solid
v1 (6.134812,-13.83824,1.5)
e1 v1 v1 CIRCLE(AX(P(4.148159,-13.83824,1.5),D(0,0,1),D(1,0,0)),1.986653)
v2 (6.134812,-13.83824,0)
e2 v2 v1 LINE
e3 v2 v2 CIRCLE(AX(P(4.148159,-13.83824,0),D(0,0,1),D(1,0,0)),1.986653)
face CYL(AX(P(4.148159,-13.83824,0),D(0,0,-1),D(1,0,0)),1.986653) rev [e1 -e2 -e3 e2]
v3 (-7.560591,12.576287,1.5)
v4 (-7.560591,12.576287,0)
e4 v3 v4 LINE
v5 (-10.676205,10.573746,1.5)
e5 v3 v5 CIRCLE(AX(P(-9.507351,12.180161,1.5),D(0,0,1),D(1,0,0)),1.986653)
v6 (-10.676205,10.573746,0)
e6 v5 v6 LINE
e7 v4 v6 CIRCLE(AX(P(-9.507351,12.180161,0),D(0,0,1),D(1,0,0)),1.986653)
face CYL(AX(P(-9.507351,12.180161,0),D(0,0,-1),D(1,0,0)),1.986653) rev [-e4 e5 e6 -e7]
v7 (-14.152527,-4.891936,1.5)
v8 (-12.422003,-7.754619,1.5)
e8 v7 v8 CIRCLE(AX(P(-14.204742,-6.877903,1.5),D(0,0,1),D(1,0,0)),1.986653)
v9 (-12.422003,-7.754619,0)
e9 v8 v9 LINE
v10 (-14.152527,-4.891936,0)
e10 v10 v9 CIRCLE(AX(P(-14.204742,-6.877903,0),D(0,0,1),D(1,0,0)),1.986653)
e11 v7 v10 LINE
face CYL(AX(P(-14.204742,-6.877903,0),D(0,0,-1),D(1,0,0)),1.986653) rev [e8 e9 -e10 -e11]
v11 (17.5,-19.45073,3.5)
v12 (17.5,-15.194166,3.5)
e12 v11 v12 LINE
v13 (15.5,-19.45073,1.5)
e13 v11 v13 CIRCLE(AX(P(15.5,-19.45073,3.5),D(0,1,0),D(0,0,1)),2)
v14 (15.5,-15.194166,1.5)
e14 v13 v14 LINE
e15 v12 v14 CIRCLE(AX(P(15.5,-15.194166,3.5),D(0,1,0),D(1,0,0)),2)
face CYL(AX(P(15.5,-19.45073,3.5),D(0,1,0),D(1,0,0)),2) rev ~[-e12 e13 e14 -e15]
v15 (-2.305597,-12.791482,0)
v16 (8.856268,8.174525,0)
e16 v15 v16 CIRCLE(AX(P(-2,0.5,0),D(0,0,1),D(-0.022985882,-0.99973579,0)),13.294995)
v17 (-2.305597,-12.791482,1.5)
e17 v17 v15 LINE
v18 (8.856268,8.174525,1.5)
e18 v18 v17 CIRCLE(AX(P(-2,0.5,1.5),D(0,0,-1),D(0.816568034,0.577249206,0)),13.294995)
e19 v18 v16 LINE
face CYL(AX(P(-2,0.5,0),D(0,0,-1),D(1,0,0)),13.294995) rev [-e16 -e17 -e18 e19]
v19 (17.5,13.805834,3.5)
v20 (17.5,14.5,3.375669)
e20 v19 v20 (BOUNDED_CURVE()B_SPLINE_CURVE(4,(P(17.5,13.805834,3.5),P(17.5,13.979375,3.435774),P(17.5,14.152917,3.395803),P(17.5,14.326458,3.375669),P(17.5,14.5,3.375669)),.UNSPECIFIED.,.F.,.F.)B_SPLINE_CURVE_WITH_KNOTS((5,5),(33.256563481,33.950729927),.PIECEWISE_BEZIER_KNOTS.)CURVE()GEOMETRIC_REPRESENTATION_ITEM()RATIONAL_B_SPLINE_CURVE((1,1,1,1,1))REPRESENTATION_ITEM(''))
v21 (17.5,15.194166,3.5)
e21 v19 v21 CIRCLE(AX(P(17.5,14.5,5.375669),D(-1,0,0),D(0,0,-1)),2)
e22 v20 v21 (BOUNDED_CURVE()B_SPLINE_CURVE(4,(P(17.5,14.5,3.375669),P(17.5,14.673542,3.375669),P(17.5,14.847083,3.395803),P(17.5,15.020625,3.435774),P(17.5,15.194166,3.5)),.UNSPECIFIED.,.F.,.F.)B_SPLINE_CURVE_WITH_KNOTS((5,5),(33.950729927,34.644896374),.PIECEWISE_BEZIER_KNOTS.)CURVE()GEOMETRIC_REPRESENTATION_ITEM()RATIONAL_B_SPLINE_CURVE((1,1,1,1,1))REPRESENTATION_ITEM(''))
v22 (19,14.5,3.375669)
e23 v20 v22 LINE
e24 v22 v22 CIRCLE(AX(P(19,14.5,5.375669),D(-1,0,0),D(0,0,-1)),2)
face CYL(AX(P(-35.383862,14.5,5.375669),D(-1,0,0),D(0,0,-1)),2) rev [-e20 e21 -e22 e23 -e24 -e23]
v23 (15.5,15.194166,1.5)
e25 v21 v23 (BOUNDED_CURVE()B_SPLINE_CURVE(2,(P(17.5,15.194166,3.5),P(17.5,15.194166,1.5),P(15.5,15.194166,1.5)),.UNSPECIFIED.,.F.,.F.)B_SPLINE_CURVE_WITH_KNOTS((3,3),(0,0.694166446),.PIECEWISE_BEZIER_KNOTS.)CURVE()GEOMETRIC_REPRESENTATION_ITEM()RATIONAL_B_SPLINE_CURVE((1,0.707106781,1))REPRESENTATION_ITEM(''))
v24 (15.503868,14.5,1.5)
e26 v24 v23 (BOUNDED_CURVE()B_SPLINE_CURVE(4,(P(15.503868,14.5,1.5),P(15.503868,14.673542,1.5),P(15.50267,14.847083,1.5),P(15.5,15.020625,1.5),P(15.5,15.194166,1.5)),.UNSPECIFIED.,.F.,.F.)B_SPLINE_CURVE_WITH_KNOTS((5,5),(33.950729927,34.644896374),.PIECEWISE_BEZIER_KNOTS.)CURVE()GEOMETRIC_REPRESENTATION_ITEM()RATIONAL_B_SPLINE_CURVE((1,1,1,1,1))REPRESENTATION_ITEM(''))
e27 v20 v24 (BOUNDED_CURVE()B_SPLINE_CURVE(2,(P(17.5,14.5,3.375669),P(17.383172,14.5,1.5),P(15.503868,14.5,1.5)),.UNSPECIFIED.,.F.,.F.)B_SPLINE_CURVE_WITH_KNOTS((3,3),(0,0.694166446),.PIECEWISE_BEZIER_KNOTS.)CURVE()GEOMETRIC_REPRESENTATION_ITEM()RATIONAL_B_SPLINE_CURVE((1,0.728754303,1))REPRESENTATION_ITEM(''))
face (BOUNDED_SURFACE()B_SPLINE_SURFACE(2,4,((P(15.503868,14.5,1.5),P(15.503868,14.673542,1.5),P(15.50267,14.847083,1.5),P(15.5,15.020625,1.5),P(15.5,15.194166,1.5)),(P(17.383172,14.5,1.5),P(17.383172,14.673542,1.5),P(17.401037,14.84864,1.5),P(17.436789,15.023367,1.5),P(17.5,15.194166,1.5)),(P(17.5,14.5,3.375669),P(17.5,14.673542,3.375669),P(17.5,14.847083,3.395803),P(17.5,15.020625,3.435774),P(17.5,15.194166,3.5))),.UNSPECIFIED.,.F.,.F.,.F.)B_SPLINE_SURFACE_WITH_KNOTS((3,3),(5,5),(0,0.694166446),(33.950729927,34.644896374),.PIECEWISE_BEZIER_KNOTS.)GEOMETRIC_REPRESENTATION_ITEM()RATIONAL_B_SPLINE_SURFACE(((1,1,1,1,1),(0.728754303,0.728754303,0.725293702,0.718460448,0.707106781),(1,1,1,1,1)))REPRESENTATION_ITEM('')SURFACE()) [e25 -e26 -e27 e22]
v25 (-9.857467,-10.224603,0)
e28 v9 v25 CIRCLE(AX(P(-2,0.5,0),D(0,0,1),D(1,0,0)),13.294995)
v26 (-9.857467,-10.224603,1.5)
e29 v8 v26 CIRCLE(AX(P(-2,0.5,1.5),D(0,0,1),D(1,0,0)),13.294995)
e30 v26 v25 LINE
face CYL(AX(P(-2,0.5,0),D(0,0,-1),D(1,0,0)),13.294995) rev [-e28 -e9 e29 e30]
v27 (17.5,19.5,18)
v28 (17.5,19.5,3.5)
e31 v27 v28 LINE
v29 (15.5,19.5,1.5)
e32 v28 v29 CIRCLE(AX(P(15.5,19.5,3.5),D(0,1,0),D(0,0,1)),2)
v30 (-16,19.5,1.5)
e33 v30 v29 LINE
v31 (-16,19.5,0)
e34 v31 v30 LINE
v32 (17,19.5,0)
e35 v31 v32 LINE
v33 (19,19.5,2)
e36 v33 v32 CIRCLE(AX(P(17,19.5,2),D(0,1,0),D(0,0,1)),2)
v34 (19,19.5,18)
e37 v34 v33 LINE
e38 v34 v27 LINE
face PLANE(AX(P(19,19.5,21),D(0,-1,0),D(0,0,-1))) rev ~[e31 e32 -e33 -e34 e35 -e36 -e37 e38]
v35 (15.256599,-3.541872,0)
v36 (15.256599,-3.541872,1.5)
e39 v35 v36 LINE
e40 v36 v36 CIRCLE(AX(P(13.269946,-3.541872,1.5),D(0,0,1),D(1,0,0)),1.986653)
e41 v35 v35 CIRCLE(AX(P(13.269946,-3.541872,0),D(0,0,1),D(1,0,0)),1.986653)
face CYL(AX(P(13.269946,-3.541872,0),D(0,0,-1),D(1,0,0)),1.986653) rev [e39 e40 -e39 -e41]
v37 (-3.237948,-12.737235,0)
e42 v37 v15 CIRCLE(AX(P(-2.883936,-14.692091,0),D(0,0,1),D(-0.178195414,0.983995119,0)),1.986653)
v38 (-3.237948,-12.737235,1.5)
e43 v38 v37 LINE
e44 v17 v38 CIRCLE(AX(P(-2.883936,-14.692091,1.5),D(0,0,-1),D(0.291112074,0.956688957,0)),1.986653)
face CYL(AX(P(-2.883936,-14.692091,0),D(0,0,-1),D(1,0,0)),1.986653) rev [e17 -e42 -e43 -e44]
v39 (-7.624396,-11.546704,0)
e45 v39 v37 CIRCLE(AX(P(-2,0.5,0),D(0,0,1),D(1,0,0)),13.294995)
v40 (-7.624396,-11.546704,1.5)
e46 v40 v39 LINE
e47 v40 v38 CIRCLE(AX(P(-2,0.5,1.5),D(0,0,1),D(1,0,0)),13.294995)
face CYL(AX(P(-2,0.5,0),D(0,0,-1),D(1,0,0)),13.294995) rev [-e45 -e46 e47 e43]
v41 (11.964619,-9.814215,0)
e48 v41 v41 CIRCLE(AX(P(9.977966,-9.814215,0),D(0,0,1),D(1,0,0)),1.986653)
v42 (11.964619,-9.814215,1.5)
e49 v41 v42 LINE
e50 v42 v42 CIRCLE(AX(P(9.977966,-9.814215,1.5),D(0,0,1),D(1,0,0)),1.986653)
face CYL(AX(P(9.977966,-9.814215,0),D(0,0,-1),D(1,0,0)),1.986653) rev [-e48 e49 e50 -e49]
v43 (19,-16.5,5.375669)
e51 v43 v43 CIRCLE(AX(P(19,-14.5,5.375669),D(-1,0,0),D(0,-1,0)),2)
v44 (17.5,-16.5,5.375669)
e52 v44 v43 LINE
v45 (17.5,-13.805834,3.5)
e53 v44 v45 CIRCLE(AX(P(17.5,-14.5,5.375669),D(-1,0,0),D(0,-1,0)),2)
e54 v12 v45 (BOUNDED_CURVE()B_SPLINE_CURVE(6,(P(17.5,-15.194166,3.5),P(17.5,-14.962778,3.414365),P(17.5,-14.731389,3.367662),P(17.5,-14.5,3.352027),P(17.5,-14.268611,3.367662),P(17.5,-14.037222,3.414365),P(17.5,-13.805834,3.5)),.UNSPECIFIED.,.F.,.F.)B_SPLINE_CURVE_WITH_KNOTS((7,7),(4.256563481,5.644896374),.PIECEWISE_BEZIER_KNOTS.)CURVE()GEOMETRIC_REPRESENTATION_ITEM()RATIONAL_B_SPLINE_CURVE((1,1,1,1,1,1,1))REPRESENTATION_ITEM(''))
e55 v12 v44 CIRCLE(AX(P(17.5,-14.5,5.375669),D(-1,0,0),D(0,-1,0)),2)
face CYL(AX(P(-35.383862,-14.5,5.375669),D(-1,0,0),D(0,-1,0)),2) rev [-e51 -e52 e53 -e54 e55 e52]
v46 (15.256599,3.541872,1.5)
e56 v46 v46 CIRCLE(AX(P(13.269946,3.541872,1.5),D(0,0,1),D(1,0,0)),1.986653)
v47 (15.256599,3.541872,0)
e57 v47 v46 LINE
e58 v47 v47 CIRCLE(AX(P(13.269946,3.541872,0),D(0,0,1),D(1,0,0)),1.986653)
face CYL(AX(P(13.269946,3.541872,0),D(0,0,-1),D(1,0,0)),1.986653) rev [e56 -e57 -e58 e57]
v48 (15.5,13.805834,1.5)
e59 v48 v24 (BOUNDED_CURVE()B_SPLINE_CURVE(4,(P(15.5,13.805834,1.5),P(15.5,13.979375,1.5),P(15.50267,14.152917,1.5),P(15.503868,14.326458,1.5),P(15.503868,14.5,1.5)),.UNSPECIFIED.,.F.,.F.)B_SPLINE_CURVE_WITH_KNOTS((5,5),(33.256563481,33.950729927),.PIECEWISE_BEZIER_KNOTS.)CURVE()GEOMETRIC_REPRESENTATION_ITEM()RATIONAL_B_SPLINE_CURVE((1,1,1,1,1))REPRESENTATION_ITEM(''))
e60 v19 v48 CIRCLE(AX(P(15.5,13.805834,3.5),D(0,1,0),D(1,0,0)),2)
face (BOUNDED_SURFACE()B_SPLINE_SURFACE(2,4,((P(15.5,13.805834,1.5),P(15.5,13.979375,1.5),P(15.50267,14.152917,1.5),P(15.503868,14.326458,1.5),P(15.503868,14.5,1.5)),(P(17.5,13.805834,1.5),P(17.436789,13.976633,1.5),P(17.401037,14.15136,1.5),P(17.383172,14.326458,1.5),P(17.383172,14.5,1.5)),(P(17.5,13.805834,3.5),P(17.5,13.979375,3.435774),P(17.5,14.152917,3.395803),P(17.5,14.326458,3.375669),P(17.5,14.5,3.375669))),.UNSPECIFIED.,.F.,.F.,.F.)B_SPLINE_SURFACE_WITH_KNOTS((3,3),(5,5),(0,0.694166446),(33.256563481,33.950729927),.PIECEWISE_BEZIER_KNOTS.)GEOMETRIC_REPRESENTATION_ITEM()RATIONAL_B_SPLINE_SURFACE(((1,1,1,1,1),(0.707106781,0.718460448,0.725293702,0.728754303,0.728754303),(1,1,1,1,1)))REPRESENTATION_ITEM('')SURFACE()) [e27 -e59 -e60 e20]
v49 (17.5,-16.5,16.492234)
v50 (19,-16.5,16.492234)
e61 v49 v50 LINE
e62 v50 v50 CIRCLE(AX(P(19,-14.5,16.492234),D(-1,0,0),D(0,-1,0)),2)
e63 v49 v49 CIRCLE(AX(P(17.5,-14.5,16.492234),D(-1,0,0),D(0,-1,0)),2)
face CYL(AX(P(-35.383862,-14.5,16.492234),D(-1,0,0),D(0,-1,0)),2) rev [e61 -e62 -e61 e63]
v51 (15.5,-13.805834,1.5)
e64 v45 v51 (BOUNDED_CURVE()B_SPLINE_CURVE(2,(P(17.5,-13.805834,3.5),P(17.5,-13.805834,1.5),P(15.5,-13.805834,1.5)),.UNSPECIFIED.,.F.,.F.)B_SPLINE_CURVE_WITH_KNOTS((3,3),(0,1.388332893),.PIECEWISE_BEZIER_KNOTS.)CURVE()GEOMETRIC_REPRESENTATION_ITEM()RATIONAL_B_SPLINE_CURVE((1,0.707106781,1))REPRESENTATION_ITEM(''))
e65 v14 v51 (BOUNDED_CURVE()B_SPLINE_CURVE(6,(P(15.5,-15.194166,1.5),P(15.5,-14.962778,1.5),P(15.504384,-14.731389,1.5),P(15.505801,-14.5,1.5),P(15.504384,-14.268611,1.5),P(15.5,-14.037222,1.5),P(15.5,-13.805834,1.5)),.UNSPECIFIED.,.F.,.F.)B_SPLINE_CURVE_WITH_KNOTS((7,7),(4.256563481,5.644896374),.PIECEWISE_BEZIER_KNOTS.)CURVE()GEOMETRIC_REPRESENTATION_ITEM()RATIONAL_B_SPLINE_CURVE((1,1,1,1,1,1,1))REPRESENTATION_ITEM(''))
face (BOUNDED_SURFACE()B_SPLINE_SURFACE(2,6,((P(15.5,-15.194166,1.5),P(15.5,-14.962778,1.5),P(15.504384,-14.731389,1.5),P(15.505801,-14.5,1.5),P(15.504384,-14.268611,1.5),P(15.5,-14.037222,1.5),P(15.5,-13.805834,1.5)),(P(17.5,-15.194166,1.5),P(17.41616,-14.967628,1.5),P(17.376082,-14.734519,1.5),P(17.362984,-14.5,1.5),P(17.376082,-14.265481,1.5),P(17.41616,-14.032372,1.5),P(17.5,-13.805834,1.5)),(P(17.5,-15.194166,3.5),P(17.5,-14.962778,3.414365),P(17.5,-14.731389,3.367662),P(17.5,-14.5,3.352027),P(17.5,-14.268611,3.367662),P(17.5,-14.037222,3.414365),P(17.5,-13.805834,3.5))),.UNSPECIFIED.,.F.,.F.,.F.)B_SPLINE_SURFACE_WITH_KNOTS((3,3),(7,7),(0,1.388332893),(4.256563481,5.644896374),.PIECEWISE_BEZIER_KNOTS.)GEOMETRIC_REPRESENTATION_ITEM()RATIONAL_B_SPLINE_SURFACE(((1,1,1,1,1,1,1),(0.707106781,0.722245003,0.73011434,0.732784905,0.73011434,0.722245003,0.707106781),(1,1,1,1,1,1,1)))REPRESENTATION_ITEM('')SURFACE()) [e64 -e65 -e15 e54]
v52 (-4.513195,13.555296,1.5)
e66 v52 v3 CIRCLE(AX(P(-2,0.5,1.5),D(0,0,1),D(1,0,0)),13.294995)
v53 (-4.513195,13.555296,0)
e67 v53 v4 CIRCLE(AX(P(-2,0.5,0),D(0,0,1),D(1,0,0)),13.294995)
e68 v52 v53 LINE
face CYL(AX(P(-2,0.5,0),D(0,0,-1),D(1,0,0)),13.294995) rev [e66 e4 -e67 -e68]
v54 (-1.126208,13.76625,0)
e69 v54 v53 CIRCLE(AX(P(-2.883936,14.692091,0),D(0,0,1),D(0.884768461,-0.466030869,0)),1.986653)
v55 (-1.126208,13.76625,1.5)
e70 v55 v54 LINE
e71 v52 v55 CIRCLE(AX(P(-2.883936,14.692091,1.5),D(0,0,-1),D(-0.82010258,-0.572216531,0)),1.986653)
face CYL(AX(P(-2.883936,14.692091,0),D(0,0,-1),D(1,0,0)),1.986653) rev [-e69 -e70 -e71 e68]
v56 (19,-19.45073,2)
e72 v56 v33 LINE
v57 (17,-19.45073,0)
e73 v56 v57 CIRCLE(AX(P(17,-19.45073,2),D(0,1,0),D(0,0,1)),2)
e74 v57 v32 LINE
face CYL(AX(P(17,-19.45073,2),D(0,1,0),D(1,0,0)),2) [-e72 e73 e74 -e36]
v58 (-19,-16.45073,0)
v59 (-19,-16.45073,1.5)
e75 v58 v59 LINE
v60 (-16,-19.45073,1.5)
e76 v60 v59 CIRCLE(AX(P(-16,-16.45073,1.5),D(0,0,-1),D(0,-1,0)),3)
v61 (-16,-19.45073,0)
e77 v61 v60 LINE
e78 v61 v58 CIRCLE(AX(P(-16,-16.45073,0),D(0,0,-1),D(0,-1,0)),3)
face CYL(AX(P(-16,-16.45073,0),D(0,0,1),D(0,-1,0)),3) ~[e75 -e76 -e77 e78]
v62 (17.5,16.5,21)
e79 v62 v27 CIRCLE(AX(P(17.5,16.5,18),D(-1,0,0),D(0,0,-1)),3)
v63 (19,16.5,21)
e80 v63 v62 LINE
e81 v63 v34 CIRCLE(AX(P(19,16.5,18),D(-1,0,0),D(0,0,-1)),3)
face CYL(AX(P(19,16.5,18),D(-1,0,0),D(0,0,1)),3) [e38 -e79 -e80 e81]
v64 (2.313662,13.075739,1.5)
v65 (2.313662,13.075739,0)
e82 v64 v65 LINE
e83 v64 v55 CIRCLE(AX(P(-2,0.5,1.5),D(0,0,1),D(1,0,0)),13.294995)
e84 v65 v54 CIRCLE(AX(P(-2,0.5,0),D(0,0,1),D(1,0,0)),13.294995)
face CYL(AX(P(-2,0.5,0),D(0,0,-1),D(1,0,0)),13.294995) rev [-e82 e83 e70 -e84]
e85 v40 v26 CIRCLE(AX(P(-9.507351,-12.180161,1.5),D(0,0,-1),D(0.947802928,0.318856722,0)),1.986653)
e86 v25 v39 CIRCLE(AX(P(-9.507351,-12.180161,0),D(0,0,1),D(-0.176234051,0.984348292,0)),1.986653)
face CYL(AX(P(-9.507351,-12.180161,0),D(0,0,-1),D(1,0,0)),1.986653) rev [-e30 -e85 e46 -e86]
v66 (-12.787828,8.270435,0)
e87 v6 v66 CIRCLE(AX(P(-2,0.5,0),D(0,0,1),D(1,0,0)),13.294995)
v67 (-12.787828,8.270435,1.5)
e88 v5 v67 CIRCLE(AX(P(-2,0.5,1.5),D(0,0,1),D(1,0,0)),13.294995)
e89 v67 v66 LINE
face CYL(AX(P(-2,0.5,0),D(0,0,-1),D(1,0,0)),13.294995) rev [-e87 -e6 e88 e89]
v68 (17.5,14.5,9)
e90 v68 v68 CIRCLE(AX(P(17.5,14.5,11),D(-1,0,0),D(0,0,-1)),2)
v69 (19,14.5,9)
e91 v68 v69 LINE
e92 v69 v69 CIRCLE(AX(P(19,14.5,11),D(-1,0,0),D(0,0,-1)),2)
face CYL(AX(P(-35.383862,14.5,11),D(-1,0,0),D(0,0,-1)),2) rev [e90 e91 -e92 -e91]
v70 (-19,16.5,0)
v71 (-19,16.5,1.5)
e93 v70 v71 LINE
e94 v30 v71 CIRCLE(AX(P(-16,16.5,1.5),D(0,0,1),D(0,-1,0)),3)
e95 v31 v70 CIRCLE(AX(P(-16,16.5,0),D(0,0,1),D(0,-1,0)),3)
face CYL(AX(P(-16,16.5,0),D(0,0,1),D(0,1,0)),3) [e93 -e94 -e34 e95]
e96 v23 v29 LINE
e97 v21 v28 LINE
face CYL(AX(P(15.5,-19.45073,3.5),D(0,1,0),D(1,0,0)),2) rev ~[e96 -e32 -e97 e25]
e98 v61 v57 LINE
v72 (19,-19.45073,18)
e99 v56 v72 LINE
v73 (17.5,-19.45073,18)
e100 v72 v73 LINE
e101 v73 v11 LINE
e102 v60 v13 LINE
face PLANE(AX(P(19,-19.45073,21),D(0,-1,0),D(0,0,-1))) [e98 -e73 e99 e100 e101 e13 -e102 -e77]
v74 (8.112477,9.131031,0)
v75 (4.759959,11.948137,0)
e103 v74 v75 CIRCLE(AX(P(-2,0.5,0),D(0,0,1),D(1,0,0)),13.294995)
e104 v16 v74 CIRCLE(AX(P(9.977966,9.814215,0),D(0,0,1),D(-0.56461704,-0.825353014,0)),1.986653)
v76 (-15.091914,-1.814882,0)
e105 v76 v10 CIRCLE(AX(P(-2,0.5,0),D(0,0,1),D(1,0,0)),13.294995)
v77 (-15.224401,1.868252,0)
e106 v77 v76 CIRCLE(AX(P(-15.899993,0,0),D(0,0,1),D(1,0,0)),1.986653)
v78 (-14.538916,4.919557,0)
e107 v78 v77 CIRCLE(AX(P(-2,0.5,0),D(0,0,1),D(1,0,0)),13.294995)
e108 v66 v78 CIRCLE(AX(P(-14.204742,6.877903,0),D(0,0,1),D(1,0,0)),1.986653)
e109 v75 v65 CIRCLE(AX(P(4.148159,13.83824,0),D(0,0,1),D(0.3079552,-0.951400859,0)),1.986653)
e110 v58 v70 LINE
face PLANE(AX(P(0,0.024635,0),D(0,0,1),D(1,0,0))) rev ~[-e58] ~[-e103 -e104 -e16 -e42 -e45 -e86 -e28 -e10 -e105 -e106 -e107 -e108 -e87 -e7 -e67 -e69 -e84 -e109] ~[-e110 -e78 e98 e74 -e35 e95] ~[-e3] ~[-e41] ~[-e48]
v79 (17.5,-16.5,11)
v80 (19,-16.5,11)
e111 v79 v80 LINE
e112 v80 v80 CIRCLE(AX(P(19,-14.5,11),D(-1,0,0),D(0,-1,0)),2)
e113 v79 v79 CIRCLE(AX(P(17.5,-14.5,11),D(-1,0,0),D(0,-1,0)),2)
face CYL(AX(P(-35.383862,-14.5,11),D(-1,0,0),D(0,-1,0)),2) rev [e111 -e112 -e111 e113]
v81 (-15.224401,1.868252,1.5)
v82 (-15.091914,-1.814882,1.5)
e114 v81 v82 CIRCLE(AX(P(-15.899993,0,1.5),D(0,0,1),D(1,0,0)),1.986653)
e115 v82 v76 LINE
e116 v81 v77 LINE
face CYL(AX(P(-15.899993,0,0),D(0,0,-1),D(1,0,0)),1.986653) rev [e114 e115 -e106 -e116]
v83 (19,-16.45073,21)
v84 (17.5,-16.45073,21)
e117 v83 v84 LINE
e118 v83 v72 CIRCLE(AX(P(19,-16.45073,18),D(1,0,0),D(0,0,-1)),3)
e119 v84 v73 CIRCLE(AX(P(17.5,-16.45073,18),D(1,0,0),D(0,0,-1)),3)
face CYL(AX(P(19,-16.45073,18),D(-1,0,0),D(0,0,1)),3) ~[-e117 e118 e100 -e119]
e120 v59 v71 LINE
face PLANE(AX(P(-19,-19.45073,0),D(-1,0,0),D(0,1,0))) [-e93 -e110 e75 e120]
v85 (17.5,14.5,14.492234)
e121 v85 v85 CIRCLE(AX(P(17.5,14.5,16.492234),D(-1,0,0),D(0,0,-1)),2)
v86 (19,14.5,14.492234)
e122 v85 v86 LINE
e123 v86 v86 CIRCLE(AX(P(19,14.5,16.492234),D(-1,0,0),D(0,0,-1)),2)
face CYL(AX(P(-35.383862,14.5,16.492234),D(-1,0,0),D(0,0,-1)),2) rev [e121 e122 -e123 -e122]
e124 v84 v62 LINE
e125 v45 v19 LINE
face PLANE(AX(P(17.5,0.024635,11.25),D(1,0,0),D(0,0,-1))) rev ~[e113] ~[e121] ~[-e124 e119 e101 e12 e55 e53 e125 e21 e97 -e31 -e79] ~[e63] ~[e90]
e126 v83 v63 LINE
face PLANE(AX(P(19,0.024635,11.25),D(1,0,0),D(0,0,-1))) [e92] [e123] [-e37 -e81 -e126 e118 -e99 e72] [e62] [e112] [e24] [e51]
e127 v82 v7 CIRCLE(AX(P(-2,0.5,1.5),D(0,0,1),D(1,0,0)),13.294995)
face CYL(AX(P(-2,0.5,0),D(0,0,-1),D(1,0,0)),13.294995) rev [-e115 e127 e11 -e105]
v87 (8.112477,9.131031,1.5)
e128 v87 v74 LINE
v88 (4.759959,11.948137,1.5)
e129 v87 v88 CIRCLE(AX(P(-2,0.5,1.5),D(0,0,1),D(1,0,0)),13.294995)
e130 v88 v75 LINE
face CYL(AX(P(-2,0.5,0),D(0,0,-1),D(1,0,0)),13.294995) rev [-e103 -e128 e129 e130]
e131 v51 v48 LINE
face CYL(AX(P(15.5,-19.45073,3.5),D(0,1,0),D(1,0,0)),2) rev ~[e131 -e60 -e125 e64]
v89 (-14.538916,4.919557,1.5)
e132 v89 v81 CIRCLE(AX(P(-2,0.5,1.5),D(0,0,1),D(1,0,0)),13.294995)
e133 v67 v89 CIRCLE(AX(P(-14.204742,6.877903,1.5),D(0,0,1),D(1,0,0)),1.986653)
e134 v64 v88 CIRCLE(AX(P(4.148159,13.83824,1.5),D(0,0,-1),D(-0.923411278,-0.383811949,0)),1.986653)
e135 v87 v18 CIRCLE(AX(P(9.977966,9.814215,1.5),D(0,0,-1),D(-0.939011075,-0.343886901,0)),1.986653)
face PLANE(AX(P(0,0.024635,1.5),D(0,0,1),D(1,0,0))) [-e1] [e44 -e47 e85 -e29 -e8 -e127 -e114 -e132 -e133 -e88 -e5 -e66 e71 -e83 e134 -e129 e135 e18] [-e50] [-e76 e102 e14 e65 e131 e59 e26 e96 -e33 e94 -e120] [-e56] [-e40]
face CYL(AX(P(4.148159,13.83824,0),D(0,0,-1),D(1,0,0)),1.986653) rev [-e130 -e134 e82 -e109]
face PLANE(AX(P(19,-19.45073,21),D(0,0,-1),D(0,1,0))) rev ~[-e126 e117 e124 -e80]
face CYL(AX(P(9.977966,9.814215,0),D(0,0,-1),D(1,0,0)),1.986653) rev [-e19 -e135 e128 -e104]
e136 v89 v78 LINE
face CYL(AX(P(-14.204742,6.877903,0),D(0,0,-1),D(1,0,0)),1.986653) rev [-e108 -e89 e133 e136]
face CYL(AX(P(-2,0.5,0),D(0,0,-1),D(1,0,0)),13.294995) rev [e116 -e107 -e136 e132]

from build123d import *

# Parameters (mm, degrees)
SKETCH1_W               = 38
SKETCH1_H               = 38.950729927
SKETCH1_R               = 13.294995111
BOSS_EXTRUDE1_DEPTH     = 1.5
SKETCH4_W               = 19.5
SKETCH4_H               = 38.950729927
BOSS_EXTRUDE2_DEPTH     = 1.5
CUT_EXTRUDE2_DEPTH      = 35.383862494
CUT_EXTRUDE2_DEPTH_BACK = 35.383862494
SKETCH5_R               = 2
FILLET2_R               = 3
FILLET6_R               = 2
SKETCH6_R               = 1.98665291
CUT_EXTRUDE5_DEPTH      = 1.5


with BuildPart() as part:
    # Sketch1 → Boss-Extrude1 (new body)
    with BuildSketch(Plane.XY):
        with Locations((0, 0.024635036)):
            Rectangle(SKETCH1_W, SKETCH1_H)
        with Locations((-2, 0.5)):
            Circle(SKETCH1_R, mode=Mode.SUBTRACT)
    extrude(amount=BOSS_EXTRUDE1_DEPTH)

    # Sketch4 → Boss-Extrude2 (add)
    with BuildSketch(Plane(origin=(19, 0, 0), x_dir=(0, 0, -1), z_dir=(1, 0, 0))):
        with Locations((-11.25, 0.024635036)):
            Rectangle(SKETCH4_W, SKETCH4_H)
    extrude(amount=-BOSS_EXTRUDE2_DEPTH)

    # Sketch5 → Cut-Extrude2 (cut, two sides: drawn at the far end of the back side and taken through both)
    with BuildSketch(Plane(origin=(0, 0, 0), x_dir=(0, 0, -1), z_dir=(1, 0, 0)).offset(-CUT_EXTRUDE2_DEPTH_BACK)):
        with Locations((-5.375668666, 14.5)):
            Circle(SKETCH5_R)
        with Locations((-11, 14.5)):
            Circle(SKETCH5_R)
        with Locations((-16.492234483, 14.5)):
            Circle(SKETCH5_R)
        with Locations(Location((-16.492234483, -14.5, 0), (0, 0, 270))):
            Circle(SKETCH5_R)
        with Locations(Location((-11, -14.5, 0), (0, 0, 270))):
            Circle(SKETCH5_R)
        with Locations(Location((-5.375668666, -14.5, 0), (0, 0, 270))):
            Circle(SKETCH5_R)
    extrude(amount=CUT_EXTRUDE2_DEPTH + CUT_EXTRUDE2_DEPTH_BACK, mode=Mode.SUBTRACT)

    # Fillet2
    fillet2_edges = [part.edges().sort_by_distance(p)[0] for p in [
        (18.25, -19.450729927, 21),
        (18.25, 19.5, 21),
        (-19, -19.450729927, 0.75),
        (-19, 19.5, 0.75),
    ]]
    fillet(fillet2_edges, radius=FILLET2_R)

    # Fillet6
    fillet6_edges = [part.edges().sort_by_distance(p)[0] for p in [
        (19, 0.024635036, 0),
        (17.5, 0.024635036, 1.5),
    ]]
    fillet(fillet6_edges, radius=FILLET6_R)

    # Sketch6 → Cut-Extrude5 (cut)
    with BuildSketch(Plane.XY):
        with Locations((-15.899992969, 0)):
            Circle(SKETCH6_R)
        with Locations((-14.204742149, 6.877902946)):
            Circle(SKETCH6_R)
        with Locations((-9.507351221, 12.180161215)):
            Circle(SKETCH6_R)
        with Locations((-2.883935837, 14.692091337)):
            Circle(SKETCH6_R)
        with Locations((4.148159359, 13.838240392)):
            Circle(SKETCH6_R)
        with Locations((9.977966104, 9.814215342)):
            Circle(SKETCH6_R)
        with Locations((13.269945929, 3.541871831)):
            Circle(SKETCH6_R)
        with Locations((13.269945929, -3.541871831)):
            Circle(SKETCH6_R)
        with Locations((9.977966104, -9.814215342)):
            Circle(SKETCH6_R)
        with Locations((4.148159359, -13.838240392)):
            Circle(SKETCH6_R)
        with Locations((-2.883935837, -14.692091337)):
            Circle(SKETCH6_R)
        with Locations((-9.507351221, -12.180161215)):
            Circle(SKETCH6_R)
        with Locations((-14.204742149, -6.877902946)):
            Circle(SKETCH6_R)
    extrude(amount=CUT_EXTRUDE5_DEPTH, mode=Mode.SUBTRACT)


solid = part.part
